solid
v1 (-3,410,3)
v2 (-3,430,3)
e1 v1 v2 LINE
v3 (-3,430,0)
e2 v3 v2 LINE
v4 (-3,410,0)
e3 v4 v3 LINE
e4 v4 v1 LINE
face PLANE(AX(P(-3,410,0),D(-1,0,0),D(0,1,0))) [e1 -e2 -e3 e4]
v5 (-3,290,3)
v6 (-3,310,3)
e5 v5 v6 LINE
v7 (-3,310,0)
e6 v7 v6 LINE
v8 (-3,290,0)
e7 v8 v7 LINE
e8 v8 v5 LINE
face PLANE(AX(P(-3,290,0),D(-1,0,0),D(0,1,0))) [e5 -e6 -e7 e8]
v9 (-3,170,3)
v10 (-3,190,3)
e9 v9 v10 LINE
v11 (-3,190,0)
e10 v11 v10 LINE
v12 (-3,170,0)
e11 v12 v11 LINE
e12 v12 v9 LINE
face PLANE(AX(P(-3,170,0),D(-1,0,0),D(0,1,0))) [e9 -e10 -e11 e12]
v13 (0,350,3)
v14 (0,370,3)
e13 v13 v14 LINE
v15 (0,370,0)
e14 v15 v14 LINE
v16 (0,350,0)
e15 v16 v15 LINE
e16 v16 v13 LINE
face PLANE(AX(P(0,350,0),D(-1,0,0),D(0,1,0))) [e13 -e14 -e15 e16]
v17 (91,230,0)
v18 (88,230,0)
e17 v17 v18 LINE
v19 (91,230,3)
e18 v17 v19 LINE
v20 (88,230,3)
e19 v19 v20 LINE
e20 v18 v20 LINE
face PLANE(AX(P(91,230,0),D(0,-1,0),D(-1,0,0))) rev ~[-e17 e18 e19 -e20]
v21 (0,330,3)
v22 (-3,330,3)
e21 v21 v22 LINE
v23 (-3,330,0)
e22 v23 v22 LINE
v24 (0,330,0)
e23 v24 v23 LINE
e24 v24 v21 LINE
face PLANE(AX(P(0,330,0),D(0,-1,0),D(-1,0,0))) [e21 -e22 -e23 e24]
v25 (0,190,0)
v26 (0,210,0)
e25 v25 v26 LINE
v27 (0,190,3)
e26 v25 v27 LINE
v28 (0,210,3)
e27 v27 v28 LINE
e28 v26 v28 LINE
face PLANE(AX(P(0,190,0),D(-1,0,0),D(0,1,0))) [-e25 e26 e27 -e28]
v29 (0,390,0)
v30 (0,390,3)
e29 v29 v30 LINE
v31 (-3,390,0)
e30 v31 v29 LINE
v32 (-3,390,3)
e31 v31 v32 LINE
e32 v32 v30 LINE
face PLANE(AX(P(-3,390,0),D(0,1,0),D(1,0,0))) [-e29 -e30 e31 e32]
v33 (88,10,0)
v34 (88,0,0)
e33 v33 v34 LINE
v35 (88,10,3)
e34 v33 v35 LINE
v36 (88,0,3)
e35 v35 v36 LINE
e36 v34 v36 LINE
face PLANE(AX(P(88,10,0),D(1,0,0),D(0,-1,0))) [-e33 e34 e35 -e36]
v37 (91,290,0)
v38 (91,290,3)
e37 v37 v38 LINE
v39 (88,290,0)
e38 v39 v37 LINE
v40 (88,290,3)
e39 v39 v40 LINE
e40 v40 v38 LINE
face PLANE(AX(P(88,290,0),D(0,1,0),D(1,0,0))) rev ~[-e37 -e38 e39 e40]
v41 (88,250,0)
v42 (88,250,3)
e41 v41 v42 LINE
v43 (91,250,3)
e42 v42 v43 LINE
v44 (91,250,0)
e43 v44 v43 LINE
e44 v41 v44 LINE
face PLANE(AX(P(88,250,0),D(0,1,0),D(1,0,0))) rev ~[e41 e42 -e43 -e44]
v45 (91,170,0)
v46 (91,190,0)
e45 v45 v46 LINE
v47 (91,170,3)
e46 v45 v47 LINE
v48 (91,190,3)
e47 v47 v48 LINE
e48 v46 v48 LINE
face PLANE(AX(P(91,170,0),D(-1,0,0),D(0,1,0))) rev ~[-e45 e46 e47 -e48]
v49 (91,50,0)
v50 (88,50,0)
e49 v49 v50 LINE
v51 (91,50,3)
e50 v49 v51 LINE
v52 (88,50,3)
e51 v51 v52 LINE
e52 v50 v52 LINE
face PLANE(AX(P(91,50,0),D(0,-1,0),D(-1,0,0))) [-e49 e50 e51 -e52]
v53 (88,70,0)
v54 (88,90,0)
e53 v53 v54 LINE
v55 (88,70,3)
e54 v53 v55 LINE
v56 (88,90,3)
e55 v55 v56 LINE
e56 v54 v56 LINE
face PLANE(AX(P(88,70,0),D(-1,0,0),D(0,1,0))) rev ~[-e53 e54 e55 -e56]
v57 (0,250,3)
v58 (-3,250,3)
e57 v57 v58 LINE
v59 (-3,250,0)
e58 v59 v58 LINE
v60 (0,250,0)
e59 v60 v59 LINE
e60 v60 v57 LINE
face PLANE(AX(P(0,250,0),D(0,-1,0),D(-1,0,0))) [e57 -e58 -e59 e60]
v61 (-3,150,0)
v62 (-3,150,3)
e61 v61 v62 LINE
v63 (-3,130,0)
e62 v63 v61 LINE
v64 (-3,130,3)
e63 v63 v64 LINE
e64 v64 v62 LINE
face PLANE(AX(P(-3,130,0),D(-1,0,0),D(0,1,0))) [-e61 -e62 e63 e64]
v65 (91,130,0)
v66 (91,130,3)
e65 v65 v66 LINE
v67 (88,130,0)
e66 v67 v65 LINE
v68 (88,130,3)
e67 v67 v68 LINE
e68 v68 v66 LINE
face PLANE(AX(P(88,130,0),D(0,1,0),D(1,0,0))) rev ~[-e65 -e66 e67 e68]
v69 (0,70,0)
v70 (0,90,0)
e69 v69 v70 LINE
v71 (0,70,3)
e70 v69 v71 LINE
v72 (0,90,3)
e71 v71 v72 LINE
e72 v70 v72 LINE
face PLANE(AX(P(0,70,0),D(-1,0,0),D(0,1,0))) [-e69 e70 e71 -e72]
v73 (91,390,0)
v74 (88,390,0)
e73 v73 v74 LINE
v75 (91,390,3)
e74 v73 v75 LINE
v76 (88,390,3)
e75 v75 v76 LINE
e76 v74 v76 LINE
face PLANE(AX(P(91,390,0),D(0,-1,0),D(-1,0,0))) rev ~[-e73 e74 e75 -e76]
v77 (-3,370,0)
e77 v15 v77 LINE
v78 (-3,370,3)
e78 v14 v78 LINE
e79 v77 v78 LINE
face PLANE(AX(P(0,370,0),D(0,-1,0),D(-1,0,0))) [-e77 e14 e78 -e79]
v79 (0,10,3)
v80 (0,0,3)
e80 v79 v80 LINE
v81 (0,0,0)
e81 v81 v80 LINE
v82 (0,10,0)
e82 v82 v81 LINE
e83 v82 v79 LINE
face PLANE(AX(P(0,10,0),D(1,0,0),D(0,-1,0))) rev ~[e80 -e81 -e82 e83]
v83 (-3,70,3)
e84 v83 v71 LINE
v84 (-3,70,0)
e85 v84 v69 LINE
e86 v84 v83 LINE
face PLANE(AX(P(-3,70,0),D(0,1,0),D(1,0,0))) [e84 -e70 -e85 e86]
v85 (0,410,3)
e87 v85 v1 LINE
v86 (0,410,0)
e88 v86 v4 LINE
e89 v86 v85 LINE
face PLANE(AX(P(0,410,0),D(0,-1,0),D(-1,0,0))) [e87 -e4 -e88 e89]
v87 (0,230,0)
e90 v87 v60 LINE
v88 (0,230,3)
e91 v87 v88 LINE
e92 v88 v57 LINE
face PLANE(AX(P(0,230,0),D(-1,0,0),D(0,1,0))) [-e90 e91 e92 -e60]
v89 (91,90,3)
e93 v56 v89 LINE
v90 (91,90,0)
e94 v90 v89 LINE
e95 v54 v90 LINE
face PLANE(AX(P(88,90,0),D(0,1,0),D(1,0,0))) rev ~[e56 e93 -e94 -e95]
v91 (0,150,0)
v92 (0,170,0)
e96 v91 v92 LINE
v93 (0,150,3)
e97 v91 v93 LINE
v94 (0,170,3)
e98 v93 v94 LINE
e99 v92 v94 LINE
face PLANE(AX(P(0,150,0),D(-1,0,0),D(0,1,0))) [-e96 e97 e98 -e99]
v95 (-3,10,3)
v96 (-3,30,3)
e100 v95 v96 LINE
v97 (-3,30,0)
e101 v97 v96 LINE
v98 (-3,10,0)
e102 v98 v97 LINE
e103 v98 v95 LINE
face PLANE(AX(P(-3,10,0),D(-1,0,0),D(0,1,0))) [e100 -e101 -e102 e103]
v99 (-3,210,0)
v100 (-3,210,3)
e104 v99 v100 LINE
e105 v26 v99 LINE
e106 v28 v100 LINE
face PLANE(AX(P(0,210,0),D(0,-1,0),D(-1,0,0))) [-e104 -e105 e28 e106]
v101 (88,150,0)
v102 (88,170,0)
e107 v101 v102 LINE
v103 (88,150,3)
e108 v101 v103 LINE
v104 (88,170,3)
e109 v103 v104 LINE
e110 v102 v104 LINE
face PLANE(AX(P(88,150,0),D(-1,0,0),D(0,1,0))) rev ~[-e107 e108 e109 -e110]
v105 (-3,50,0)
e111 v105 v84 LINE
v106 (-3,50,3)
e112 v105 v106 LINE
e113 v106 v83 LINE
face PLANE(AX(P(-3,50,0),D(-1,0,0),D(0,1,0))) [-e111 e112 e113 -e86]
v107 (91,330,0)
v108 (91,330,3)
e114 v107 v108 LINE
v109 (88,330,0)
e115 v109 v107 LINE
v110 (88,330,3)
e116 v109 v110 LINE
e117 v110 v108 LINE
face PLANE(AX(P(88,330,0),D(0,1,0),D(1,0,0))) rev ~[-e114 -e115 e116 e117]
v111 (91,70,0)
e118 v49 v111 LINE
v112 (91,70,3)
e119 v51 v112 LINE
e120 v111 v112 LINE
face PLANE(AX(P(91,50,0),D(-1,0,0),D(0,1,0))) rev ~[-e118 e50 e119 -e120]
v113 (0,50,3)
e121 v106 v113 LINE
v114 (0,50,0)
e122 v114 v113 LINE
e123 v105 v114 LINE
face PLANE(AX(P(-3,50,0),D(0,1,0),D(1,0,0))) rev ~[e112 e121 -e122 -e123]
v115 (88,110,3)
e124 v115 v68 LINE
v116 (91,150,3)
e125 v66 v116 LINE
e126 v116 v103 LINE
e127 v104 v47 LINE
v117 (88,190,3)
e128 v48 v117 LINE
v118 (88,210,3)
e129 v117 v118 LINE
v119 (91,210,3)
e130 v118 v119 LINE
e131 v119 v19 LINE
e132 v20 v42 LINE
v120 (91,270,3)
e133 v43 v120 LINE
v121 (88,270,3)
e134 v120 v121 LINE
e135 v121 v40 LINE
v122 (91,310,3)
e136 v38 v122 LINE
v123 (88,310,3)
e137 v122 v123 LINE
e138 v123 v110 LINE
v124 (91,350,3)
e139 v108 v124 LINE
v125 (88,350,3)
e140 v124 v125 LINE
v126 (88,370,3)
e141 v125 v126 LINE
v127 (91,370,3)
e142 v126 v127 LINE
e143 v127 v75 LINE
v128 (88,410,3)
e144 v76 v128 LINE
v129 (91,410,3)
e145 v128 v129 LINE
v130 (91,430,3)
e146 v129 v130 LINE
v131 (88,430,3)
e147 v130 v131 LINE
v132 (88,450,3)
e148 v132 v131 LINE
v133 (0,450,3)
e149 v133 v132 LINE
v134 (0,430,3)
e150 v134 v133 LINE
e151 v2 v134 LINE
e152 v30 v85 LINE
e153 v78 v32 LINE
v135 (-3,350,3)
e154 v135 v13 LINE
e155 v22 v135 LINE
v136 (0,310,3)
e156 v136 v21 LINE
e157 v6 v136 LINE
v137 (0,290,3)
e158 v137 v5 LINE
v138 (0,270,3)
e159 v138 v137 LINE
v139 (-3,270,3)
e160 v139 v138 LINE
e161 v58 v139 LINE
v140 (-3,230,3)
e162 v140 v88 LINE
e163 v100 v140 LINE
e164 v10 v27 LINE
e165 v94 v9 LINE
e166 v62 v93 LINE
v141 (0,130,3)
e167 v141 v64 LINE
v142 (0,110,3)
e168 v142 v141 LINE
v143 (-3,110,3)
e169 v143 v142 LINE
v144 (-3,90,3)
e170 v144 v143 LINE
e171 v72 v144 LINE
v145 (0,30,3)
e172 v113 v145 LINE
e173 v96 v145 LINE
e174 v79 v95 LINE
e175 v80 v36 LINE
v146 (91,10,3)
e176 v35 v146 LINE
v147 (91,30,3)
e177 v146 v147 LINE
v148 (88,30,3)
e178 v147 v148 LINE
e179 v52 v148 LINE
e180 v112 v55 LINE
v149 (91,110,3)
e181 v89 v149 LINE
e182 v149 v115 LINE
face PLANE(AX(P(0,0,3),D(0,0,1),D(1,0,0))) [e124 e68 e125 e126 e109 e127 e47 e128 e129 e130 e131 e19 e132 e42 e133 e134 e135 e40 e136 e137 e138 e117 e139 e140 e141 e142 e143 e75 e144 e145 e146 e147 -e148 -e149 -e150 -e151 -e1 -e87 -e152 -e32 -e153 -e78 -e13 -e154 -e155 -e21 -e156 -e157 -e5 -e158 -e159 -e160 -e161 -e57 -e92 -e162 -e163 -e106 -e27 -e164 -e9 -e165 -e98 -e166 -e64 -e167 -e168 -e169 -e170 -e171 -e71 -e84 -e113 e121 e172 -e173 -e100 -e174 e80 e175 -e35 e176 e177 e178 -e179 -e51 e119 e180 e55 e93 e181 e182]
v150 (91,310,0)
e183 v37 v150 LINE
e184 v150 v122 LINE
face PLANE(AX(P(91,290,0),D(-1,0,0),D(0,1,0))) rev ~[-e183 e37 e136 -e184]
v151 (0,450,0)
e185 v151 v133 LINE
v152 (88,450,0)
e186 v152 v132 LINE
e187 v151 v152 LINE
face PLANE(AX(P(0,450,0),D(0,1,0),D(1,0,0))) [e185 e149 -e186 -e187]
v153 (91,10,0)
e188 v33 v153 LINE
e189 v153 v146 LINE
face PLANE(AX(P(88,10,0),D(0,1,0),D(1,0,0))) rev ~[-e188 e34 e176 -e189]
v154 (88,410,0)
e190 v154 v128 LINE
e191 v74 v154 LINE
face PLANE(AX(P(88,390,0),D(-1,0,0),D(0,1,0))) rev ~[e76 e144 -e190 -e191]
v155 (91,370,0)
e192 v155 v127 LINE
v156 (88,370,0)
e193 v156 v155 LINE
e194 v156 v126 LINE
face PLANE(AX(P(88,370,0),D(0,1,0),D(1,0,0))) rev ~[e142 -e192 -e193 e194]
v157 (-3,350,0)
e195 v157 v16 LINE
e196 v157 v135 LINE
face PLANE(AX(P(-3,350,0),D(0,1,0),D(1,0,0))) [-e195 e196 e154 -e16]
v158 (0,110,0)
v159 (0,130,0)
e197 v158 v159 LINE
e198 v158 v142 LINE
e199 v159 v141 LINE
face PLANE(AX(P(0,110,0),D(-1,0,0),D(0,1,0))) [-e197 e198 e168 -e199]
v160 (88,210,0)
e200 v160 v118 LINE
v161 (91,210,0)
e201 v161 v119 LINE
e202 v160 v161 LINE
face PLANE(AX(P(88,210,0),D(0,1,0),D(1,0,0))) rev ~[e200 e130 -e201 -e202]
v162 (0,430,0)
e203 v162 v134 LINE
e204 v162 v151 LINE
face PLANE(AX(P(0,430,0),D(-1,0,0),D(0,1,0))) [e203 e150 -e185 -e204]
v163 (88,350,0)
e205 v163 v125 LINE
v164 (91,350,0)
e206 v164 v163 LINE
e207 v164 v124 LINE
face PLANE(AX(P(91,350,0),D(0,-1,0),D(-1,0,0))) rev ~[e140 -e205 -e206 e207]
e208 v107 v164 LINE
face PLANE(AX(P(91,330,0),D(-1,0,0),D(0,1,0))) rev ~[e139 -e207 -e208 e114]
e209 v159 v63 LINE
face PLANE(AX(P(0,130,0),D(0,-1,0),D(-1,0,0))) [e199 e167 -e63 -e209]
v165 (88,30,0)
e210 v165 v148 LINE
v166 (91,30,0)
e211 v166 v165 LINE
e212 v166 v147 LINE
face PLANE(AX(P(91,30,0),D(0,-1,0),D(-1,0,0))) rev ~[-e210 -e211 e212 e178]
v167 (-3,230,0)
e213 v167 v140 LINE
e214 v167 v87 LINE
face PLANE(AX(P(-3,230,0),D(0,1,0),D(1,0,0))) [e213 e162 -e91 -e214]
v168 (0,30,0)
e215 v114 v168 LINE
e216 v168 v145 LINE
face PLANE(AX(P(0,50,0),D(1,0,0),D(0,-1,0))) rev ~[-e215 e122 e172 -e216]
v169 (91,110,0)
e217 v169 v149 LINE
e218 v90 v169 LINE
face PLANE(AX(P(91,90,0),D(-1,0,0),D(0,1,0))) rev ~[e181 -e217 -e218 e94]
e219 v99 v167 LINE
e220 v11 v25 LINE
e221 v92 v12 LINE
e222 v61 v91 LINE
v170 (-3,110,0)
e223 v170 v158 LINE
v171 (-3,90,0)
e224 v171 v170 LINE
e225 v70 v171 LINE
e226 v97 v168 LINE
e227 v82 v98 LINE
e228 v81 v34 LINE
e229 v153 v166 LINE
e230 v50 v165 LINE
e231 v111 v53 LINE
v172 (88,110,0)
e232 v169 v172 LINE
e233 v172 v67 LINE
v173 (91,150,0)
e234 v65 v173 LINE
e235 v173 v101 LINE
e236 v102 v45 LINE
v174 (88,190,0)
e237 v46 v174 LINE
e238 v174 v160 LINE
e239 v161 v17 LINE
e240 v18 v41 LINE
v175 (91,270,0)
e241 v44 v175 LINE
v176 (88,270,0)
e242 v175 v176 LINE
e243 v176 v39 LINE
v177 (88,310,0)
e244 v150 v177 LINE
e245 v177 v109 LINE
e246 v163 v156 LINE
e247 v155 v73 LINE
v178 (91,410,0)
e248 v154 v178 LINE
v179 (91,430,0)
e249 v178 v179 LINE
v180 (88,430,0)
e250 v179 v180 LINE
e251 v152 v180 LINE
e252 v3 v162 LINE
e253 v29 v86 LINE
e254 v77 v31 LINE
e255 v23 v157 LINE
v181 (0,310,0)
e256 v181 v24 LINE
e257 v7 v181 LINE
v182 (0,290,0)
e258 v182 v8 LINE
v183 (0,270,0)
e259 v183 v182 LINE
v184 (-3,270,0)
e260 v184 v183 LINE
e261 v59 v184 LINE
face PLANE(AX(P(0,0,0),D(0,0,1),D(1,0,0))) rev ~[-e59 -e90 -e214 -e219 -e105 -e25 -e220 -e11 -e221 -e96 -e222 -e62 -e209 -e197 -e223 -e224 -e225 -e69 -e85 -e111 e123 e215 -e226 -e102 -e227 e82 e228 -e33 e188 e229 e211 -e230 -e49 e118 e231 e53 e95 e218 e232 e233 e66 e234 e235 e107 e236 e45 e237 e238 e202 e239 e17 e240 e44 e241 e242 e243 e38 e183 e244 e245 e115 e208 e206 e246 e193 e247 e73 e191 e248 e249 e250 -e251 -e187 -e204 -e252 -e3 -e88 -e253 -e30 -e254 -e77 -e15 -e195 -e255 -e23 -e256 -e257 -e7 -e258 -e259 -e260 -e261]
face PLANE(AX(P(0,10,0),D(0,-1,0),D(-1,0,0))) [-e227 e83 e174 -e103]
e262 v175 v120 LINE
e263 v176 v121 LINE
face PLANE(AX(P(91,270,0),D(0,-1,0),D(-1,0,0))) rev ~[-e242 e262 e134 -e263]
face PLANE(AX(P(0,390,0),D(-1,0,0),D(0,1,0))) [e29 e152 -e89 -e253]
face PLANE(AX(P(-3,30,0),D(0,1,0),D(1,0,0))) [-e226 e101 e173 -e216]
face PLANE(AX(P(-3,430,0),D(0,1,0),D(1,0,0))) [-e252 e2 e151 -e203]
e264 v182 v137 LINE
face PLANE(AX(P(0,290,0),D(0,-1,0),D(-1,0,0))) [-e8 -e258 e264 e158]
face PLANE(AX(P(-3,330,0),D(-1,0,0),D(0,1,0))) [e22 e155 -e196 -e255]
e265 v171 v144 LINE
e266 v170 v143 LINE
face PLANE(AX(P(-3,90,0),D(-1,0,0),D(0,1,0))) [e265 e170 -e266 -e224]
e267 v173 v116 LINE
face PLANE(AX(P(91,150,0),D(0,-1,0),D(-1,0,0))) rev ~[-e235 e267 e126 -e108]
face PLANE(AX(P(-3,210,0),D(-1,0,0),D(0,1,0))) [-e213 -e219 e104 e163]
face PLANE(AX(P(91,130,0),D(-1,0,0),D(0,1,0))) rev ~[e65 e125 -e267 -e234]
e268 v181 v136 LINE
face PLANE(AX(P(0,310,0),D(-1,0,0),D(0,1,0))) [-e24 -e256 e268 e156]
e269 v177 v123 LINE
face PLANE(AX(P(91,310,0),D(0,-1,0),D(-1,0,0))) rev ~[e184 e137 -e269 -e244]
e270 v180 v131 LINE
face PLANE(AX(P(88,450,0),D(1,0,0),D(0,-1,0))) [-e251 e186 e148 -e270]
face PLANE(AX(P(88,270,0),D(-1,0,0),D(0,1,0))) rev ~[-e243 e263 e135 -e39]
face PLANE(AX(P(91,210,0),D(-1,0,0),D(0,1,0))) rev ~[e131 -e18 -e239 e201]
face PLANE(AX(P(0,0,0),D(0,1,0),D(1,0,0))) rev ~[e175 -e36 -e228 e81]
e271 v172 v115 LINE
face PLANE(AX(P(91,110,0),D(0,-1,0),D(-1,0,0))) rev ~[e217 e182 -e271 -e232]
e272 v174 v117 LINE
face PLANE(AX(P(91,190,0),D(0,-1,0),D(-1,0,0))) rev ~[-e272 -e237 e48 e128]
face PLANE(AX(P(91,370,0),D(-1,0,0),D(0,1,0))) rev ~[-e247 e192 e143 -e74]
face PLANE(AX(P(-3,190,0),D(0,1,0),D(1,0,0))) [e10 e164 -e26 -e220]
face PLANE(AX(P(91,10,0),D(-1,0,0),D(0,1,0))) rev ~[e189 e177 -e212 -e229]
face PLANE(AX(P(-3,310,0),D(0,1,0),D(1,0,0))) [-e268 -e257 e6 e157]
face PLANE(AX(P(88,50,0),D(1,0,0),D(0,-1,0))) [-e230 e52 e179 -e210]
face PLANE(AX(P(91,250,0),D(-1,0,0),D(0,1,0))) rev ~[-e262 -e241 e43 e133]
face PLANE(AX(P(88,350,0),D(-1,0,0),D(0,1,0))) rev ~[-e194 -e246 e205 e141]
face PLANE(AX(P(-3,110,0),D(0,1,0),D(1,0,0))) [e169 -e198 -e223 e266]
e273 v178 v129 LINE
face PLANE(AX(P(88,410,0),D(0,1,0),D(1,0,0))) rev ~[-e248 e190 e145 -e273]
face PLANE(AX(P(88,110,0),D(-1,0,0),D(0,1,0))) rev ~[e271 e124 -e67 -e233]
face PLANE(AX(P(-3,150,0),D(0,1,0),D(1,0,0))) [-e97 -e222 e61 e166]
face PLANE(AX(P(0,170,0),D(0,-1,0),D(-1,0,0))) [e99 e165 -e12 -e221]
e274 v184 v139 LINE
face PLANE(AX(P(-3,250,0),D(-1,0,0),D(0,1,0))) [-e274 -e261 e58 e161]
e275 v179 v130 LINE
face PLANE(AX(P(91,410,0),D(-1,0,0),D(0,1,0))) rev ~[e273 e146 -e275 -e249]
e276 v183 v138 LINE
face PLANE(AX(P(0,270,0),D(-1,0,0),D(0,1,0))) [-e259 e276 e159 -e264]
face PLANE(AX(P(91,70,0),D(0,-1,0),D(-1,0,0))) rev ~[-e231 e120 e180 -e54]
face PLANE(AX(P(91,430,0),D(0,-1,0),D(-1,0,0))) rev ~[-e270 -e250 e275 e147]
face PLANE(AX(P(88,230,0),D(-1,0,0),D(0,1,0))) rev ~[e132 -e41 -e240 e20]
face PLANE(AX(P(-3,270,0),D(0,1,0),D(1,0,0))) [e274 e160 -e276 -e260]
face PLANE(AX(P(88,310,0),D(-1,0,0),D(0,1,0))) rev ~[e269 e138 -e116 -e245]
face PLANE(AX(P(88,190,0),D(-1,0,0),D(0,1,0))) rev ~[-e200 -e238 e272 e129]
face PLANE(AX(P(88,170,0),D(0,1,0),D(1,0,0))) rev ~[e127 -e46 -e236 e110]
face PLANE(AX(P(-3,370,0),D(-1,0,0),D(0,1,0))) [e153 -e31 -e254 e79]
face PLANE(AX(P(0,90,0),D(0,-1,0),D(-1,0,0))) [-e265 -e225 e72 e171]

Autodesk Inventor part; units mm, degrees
ref_plane "YZ Plane" through (0, 0, 0) normal (1, 0, 0) x (0, 1, 0)
ref_plane "XZ Plane" through (0, 0, 0) normal (0, 1, 0) x (-1, 0, 0)
ref_plane "XY Plane" through (0, 0, 0) normal (0, 0, 1) x (1, 0, 0)
sketch "Sketch1" plane through (0, 0, 0) normal (0, 0, 1) x (1, 0, 0)
  line L0 (0, 0) -> (88, 0)
  line L1 (88, 10) -> (91, 10)
  line L2 (91, 10) -> (91, 30)
  line L3 (91, 30) -> (88, 30)
  line L4 (91, 50) -> (91, 70)
  line L5 (91, 70) -> (88, 70)
  line L6 (88, 70) -> (88, 90)
  line L7 (88, 90) -> (91, 90)
  line L8 (91, 90) -> (91, 110)
  line L9 (91, 110) -> (88, 110)
  line L10 (88, 110) -> (88, 130)
  line L11 (88, 130) -> (91, 130)
  line L12 (91, 130) -> (91, 150)
  line L13 (91, 150) -> (88, 150)
  line L14 (88, 150) -> (88, 170)
  line L15 (88, 170) -> (91, 170)
  line L16 (91, 170) -> (91, 190)
  line L17 (91, 190) -> (88, 190)
  line L18 (88, 190) -> (88, 210)
  line L19 (88, 210) -> (91, 210)
  line L20 (91, 210) -> (91, 230)
  line L21 (91, 230) -> (88, 230)
  line L22 (88, 230) -> (88, 250)
  line L23 (88, 250) -> (91, 250)
  line L24 (91, 250) -> (91, 270)
  line L25 (91, 270) -> (88, 270)
  line L26 (88, 270) -> (88, 290)
  line L27 (88, 290) -> (91, 290)
  line L28 (91, 290) -> (91, 310)
  line L29 (91, 310) -> (88, 310)
  line L30 (88, 310) -> (88, 330)
  line L31 (88, 330) -> (91, 330)
  line L32 (91, 330) -> (91, 350)
  line L33 (91, 350) -> (88, 350)
  line L34 (88, 350) -> (88, 370)
  line L35 (88, 370) -> (91, 370)
  line L36 (91, 370) -> (91, 390)
  line L37 (91, 390) -> (88, 390)
  line L38 (88, 390) -> (88, 410)
  line L39 (88, 410) -> (91, 410)
  line L40 (91, 410) -> (91, 430)
  line L41 (91, 430) -> (88, 430)
  line L42 (44, 0) -> (44, 110) construction
  line L43 (0, 10) -> (-3, 10)
  line L44 (-3, 10) -> (-3, 30)
  line L45 (-3, 30) -> (0, 30)
  line L46 (-3, 50) -> (-3, 70)
  line L47 (-3, 70) -> (0, 70)
  line L48 (0, 70) -> (0, 90)
  line L49 (0, 90) -> (-3, 90)
  line L50 (-3, 90) -> (-3, 110)
  line L51 (-3, 110) -> (0, 110)
  line L52 (0, 110) -> (0, 130)
  line L53 (0, 130) -> (-3, 130)
  line L54 (-3, 130) -> (-3, 150)
  line L55 (-3, 150) -> (0, 150)
  line L56 (0, 150) -> (0, 170)
  line L57 (0, 170) -> (-3, 170)
  line L58 (-3, 170) -> (-3, 190)
  line L59 (-3, 190) -> (0, 190)
  line L60 (0, 190) -> (0, 210)
  line L61 (0, 210) -> (-3, 210)
  line L62 (-3, 210) -> (-3, 230)
  line L63 (-3, 230) -> (0, 230)
  line L64 (0, 230) -> (0, 250)
  line L65 (0, 250) -> (-3, 250)
  line L66 (-3, 250) -> (-3, 270)
  line L67 (-3, 270) -> (0, 270)
  line L68 (0, 270) -> (0, 290)
  line L69 (0, 290) -> (-3, 290)
  line L70 (-3, 290) -> (-3, 310)
  line L71 (-3, 310) -> (0, 310)
  line L72 (0, 310) -> (0, 330)
  line L73 (0, 330) -> (-3, 330)
  line L74 (-3, 330) -> (-3, 350)
  line L75 (-3, 350) -> (0, 350)
  line L76 (0, 350) -> (0, 370)
  line L77 (0, 370) -> (-3, 370)
  line L78 (-3, 370) -> (-3, 390)
  line L79 (-3, 390) -> (0, 390)
  line L80 (0, 390) -> (0, 410)
  line L81 (0, 410) -> (-3, 410)
  line L82 (-3, 410) -> (-3, 430)
  line L83 (-3, 430) -> (0, 430)
  line L84 (0, 430) -> (0, 450)
  line L85 (0, 450) -> (88, 450)
  line L86 (88, 450) -> (88, 430)
  line L87 (-3, 0) -> (0, 0)
  line L88 (88, 0) -> (91, 0)
  line L89 (-3, 50) -> (0, 50)
  line L90 (0, 50) -> (0, 30)
  line L91 (91, 50) -> (88, 50)
  line L92 (88, 50) -> (88, 30)
  line L93 (88, 10) -> (88, 0)
  line L94 (0, 10) -> (0, 0)
  dimension "d0" = 88
  dimension "d1" = 10
  dimension "d2" = 3
  dimension "d3" = 20
  dimension "d5" = 20
  dimension "d6" = 20
  dimension "d7" = 20
  dimension "d8" = 20
  dimension "d9" = 20
  dimension "d10" = 3
  dimension "d11" = 20
  dimension "d12" = 20
  dimension "d13" = 20
  dimension "d14" = 3
  dimension "d15" = 20
  dimension "d16" = 3
  dimension "d17" = 20
  dimension "d18" = 20
  dimension "d19" = 20
  dimension "d20" = 3
  dimension "d21" = 20
  dimension "d22" = 20
  dimension "d23" = 20
  dimension "d24" = 20
  dimension "d25" = 20
  dimension "d26" = 20
  dimension "d27" = 20
  dimension "d28" = 20
  dimension "d43" = 0
  dimension "d44" = 0
  dimension "d45" = 0
  dimension "d47" = 3
  dimension "d51" = 20
  dimension "d52" = 320
extrude "Extrusion1" add sketch "Sketch1" along normal blind 3
properties part number "Part1 box" material "Wood (Birch)"
